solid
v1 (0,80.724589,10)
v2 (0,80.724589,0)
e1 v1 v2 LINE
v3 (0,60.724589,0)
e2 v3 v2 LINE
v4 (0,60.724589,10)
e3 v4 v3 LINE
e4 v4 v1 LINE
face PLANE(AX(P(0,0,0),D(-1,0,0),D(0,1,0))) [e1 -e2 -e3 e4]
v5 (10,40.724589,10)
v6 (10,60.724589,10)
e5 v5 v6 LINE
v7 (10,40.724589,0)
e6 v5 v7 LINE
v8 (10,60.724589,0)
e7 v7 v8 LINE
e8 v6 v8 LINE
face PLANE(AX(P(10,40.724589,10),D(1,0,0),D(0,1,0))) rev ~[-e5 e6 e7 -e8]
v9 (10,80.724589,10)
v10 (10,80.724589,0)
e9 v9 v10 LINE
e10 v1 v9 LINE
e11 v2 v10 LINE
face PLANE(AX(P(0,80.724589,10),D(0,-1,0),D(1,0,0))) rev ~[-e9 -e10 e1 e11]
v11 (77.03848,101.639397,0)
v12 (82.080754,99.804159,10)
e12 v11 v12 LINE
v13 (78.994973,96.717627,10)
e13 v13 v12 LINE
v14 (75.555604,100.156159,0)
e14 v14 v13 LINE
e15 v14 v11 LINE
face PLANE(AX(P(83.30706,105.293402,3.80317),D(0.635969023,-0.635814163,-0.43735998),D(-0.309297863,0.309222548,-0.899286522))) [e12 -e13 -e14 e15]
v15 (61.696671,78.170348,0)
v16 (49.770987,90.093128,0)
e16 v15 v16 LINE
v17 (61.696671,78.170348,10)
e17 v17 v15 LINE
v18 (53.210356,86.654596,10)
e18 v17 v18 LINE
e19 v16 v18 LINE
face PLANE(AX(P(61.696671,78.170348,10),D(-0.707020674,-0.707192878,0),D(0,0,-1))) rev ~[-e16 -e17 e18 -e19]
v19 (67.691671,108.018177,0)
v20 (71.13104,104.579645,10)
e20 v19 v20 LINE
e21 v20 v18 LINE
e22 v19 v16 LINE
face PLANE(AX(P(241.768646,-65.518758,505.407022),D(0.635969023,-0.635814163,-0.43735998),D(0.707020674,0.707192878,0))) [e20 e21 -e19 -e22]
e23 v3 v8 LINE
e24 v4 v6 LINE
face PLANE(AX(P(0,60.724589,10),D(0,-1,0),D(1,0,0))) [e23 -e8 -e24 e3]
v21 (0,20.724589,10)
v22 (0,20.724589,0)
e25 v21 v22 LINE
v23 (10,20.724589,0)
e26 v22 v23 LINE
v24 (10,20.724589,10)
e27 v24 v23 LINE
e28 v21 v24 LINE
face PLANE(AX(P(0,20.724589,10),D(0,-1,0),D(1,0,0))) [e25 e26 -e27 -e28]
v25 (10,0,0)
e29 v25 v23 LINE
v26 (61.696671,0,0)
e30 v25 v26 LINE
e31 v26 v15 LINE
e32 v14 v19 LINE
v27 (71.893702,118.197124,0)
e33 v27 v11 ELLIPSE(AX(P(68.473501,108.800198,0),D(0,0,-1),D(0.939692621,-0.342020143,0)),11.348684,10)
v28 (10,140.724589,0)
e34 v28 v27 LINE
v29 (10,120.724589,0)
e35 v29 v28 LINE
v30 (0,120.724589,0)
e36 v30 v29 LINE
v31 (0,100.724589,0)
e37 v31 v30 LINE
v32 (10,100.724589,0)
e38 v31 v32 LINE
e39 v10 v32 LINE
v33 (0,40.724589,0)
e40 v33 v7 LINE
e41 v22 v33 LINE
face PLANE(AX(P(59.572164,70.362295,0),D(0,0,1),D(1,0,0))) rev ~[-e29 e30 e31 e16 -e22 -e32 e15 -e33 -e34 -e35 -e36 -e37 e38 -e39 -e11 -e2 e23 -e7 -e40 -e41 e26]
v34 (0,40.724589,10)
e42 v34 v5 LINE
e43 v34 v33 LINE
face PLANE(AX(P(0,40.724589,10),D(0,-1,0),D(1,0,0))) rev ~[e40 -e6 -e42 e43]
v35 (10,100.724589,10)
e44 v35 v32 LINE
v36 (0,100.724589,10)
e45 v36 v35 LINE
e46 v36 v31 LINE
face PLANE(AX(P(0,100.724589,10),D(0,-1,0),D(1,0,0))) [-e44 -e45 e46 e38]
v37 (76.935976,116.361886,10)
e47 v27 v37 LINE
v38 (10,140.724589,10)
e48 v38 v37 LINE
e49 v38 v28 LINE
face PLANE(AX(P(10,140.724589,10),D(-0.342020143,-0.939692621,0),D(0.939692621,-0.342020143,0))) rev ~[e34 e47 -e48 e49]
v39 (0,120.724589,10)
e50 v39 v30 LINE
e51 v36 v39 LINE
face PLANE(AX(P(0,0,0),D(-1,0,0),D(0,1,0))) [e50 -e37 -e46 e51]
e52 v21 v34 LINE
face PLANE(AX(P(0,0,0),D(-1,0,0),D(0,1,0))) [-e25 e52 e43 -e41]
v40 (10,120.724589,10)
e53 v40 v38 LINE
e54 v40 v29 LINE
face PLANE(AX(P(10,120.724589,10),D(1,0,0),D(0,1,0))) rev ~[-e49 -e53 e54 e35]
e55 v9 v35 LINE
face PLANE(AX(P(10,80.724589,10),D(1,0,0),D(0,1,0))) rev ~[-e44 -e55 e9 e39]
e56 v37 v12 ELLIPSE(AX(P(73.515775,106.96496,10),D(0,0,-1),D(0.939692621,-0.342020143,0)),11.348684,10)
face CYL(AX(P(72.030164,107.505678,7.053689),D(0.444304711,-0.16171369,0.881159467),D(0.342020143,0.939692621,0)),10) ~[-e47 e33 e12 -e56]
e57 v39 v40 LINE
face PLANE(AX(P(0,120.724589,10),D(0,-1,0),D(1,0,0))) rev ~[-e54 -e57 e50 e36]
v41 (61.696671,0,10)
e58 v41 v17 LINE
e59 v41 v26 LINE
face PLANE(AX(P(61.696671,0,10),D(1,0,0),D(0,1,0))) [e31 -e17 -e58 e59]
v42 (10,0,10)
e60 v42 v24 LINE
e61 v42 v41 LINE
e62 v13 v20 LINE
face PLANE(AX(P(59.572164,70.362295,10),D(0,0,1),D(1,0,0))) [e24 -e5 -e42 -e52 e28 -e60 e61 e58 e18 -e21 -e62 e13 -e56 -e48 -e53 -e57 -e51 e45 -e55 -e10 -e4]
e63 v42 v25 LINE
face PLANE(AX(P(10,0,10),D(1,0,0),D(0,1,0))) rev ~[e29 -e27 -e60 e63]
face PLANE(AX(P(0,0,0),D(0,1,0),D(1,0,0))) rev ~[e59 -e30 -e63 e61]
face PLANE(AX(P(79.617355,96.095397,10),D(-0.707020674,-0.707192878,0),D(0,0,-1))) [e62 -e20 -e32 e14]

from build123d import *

# Parameters (mm, degrees)
SKETCH1_W           = 119.144328959
SKETCH1_H           = 140.724589222
BOSS_EXTRUDE1_DEPTH = 10
SKETCH2_W           = 10
SKETCH2_H           = 20
SKETCH2_H_2         = 20.724589222
CUT_EXTRUDE1_DEPTH  = 10
CUT_EXTRUDE2_DEPTH  = 10
CUT_EXTRUDE6_DEPTH  = 150
CUT_EXTRUDE7_REACH  = 169.502
SKETCH9_W           = 10
SKETCH9_H           = 25.346761212
SKETCH10_W          = 31.040737262
SKETCH10_H          = 31.620202264
CUT_EXTRUDE8_DEPTH  = 150
FILLET1_R           = 10


with BuildPart() as part:
    # Sketch1 → Boss-Extrude1 (new body)
    with BuildSketch(Plane.XY):
        with Locations((59.57216448, 70.362294611)):
            Rectangle(SKETCH1_W, SKETCH1_H)
    extrude(amount=BOSS_EXTRUDE1_DEPTH)

    # Sketch2 → Cut-Extrude1 (cut)
    with BuildSketch(Plane.XY.offset(10)):
        with Locations((5, 50.724589222)):
            Rectangle(SKETCH2_W, SKETCH2_H)
        with Locations((5, 90.724589222)):
            Rectangle(SKETCH2_W, SKETCH2_H)
        with Locations((5, 10.362294611)):
            Rectangle(SKETCH2_W, SKETCH2_H_2)
        with Locations((5, 130.724589222)):
            Rectangle(SKETCH2_W, SKETCH2_H)
    extrude(amount=-CUT_EXTRUDE1_DEPTH, mode=Mode.SUBTRACT)

    # Sketch4 → Cut-Extrude2 (cut)
    with BuildSketch(Plane.XY.offset(10)):
        Polygon((10, 140.724589222), (119.144328959, 100.999302242), (119.144328959, 140.724589222), align=None)
    extrude(amount=-CUT_EXTRUDE2_DEPTH, mode=Mode.SUBTRACT)

    # Sketch7 → Cut-Extrude6 (cut)
    with BuildSketch(Plane.XY.offset(10)):
        Polygon((76.127978338, 92.605170498), (93.75776849, 110.239254603), (119.144328959, 100.999302242), (119.144328959, 0), (61.696670809, 0), (61.696670809, 78.170348045), align=None)
    extrude(amount=-CUT_EXTRUDE6_DEPTH, mode=Mode.SUBTRACT)

    # Cut-Extrude7: up to this plane
    cut_extrude7_end = Plane(origin=(241.768645896, -65.518758289, 505.407022073), z_dir=(0.6359690231741637, -0.635814162767, -0.4373599798653267))
    # Sketch9 → Cut-Extrude7 (cut, up to the surface)
    with BuildSketch(Plane(origin=(-8.22932488, 8.227321014, 0), x_dir=(0, 0, -1), z_dir=(0.7071928777614668, -0.7070206741273237, 0)), mode=Mode.PRIVATE) as cut_extrude7_sk1:
        with Locations((-5, 111.575715782)):
            Rectangle(SKETCH9_W, SKETCH9_H)
    cut_extrude7_tool1 = split(extrude(cut_extrude7_sk1.sketch, amount=-CUT_EXTRUDE7_REACH, mode=Mode.PRIVATE), bisect_by=cut_extrude7_end, keep=Keep.BOTH, mode=Mode.PRIVATE)
    add(cut_extrude7_tool1.solids().sort_by_distance((70.657013, 87.132873, 5))[0], mode=Mode.SUBTRACT)

    # Sketch10 → Cut-Extrude8 (cut)
    with BuildSketch(Plane(origin=(-9.939992949, 9.937572531, 6.835796961), x_dir=(-0.30929786277865773, 0.30922254780069597, -0.8992865216449099), z_dir=(0.6359690231741634, -0.6358141627670002, -0.4373599798653268))):
        with Locations((3.372258752, 133.362557089)):
            Rectangle(SKETCH10_W, SKETCH10_H)
    extrude(amount=CUT_EXTRUDE8_DEPTH, mode=Mode.SUBTRACT)

    # Fillet1
    fillet1_edges = [part.edges().sort_by_distance(p)[0] for p in [
        (90.324191509, 111.488974422, 5),
    ]]
    fillet(fillet1_edges, radius=FILLET1_R)


solid = part.part
